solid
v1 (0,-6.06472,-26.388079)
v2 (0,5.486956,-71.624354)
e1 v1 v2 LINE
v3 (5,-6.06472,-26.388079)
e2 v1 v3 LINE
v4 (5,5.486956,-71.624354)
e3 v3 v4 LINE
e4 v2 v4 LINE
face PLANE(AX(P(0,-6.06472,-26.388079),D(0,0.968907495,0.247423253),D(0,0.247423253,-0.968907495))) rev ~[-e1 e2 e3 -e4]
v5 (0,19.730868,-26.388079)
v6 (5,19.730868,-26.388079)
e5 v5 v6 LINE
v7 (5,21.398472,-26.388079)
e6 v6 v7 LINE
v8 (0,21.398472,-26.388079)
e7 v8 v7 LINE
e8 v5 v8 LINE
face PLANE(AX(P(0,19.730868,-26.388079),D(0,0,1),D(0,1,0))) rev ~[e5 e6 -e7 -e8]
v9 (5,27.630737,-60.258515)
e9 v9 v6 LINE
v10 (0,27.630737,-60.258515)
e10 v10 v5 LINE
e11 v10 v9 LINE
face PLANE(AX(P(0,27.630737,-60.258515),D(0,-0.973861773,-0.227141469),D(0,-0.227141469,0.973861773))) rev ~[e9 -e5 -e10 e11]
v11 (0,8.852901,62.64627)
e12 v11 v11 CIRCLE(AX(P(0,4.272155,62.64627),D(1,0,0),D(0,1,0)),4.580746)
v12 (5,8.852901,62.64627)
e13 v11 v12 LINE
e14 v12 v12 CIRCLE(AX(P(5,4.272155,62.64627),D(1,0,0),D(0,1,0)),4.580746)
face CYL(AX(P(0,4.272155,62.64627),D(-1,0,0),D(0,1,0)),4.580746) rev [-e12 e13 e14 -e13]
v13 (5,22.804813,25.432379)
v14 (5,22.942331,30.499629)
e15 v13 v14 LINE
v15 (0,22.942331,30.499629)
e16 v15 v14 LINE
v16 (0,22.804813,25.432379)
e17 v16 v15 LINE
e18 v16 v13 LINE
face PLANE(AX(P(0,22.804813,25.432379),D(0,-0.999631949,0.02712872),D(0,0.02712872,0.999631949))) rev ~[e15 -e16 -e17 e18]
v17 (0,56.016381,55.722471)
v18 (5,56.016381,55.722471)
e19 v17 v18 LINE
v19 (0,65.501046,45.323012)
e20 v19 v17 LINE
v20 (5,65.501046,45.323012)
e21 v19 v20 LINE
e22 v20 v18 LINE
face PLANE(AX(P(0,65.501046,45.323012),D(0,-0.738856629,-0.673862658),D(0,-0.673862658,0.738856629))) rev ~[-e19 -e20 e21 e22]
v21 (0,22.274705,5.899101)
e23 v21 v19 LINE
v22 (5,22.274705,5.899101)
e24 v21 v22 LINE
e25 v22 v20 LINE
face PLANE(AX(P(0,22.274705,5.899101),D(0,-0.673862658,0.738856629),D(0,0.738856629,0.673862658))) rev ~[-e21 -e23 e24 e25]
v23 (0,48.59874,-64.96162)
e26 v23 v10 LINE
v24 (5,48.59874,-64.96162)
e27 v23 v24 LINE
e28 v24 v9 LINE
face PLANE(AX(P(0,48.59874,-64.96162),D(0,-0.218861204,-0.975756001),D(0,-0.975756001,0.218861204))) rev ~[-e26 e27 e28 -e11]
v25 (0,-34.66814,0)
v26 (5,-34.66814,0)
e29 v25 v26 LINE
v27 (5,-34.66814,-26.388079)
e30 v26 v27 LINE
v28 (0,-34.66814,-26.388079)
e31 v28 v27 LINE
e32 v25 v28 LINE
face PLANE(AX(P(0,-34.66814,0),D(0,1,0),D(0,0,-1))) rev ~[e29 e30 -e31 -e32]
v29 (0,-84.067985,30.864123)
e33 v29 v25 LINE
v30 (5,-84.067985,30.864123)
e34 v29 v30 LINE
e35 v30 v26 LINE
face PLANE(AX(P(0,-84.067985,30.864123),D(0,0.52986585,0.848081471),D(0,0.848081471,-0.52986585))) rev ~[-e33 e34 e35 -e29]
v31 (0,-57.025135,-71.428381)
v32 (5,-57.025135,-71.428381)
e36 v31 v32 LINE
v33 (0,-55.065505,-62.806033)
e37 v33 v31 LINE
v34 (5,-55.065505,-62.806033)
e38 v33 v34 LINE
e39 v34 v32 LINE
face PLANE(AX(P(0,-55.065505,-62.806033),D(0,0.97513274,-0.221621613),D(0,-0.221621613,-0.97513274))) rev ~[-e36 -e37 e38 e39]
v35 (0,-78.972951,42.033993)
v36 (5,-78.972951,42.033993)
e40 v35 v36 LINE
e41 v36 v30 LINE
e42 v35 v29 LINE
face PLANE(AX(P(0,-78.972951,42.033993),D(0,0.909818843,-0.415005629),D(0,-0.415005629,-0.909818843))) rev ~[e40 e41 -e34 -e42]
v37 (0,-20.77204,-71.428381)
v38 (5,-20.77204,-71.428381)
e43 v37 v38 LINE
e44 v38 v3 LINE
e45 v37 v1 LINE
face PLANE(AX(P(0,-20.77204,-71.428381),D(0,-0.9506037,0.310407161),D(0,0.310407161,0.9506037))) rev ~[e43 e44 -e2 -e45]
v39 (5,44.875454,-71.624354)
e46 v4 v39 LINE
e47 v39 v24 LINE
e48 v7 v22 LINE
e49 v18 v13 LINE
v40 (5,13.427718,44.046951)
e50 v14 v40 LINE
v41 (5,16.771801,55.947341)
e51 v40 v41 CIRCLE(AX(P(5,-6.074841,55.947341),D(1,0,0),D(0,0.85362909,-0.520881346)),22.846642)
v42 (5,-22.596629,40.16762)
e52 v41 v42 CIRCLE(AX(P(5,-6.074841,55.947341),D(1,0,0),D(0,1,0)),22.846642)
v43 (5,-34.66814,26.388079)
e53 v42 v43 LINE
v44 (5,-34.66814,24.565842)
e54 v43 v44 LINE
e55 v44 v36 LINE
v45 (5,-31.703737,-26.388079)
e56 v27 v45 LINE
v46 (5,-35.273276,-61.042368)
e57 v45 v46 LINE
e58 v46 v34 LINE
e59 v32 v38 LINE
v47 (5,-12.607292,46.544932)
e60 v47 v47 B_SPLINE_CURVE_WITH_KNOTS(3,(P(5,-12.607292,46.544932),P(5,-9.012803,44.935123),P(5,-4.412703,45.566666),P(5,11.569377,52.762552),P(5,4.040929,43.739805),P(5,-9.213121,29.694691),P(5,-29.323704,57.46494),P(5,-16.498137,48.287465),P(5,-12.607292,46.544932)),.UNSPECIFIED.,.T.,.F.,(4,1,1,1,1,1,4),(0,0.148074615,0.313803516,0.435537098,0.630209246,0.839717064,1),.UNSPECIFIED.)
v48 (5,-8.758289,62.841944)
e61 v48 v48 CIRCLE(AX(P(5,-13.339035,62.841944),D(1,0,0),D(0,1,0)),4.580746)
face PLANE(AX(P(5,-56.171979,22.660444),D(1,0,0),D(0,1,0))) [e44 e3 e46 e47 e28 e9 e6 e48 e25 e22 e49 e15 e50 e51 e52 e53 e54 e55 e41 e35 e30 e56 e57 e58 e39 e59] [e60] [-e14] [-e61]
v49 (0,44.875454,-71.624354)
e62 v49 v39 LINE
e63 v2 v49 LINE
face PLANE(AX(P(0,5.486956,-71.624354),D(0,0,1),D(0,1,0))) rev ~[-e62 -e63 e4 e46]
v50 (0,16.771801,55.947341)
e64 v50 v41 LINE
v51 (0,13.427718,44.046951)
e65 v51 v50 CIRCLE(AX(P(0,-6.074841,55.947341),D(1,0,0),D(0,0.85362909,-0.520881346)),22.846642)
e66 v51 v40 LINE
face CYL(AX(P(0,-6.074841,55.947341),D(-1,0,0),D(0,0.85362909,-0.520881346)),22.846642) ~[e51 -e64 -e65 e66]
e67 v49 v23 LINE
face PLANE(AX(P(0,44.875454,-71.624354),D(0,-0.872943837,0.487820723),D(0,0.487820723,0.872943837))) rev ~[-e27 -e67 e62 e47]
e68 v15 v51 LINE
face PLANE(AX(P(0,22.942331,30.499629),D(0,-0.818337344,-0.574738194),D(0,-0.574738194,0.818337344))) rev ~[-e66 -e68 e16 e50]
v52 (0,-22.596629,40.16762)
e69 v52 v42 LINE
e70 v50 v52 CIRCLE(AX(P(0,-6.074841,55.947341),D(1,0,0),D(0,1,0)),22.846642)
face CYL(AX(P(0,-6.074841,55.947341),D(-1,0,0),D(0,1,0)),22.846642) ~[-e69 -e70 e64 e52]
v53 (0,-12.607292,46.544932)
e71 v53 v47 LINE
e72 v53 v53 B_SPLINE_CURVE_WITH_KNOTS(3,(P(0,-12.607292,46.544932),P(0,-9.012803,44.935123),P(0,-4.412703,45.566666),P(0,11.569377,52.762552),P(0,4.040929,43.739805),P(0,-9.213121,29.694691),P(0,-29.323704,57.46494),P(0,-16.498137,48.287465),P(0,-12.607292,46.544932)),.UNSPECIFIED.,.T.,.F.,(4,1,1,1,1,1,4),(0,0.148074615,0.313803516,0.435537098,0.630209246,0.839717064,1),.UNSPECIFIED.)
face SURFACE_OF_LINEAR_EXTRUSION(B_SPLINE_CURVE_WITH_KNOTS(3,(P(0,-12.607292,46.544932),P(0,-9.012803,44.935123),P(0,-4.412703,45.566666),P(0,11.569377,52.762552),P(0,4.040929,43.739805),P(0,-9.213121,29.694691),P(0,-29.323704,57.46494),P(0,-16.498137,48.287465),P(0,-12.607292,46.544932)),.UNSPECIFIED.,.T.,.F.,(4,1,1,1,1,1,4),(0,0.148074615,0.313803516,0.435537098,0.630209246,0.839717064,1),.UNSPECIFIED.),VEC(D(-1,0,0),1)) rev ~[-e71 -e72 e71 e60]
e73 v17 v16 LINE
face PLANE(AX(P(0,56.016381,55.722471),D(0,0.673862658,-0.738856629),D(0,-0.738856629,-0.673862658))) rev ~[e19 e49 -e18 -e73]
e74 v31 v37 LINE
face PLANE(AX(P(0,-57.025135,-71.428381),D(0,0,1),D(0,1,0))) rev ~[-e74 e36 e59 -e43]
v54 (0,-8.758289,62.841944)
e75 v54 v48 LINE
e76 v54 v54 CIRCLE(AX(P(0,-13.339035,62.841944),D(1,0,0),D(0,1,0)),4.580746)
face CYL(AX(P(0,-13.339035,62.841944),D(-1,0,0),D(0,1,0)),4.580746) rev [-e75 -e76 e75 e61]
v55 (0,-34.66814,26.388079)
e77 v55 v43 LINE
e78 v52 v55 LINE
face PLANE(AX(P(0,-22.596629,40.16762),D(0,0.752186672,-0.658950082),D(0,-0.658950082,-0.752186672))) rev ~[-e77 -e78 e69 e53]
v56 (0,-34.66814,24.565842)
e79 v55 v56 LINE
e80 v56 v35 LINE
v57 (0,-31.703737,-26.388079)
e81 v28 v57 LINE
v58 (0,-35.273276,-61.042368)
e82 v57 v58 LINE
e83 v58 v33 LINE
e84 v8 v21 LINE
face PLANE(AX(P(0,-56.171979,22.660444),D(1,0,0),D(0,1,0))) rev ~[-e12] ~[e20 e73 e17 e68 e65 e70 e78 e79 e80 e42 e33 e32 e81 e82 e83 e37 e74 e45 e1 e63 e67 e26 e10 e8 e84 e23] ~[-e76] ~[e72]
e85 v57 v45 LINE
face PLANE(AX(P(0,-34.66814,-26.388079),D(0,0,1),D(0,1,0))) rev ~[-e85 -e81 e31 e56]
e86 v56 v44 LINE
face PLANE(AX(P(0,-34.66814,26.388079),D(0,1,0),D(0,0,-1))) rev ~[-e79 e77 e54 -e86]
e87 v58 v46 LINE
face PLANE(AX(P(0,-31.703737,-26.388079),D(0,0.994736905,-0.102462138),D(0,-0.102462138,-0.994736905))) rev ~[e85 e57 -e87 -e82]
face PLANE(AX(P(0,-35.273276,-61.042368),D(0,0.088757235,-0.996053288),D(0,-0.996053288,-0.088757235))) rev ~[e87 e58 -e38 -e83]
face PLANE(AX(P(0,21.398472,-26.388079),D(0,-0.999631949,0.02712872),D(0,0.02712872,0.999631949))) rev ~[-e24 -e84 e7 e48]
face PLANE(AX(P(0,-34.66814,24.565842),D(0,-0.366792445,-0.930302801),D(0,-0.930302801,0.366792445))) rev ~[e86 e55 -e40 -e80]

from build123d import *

# Parameters (mm, degrees)
F0_R     = 4.5807461666
F1_DEPTH = 5


with BuildPart() as f1:
    # F0 (on Right) → F1 (new body)
    with BuildSketch(Plane.YZ):
        Polygon((-34.6681401134, 0), (-34.6681401134, 24.5658417454), (-78.9729505777, 42.0339927077), (-84.0679854155, 30.864123255), align=None)
        with BuildLine():
            ThreePointArc((13.4277175006, 44.0469511481), (-3.6287113263, 33.2320263344), (-22.5966290731, 40.1676199935))
            Line((-22.5966290731, 40.1676199935), (-34.6681401134, 26.388078928))
            Line((-34.6681401134, 26.388078928), (-34.6681401134, 24.5658417454))
            Line((-34.6681401134, 24.5658417454), (-34.6681401134, 0))
            Line((-34.6681401134, 0), (-34.6681401134, -26.388078928))
            Line((-34.6681401134, -26.388078928), (-31.7037368685, -26.388078928))
            Line((-31.7037368685, -26.388078928), (-6.064720462, -26.388078928))
            Line((-6.064720462, -26.388078928), (19.730867818, -26.388078928))
            Line((19.730867818, -26.388078928), (21.398472267, -26.388078928))
            Line((21.398472267, -26.388078928), (22.27470465, 5.8991014957))
            Line((22.27470465, 5.8991014957), (22.8048125706, 25.4323787472))
            Line((22.8048125706, 25.4323787472), (22.9423311885, 30.4996286171))
            Line((22.9423311885, 30.4996286171), (13.4277175006, 44.0469511481))
        make_face()
        Polygon((56.0163809995, 55.7224714079), (22.8048125706, 25.4323787472), (22.27470465, 5.8991014957), (65.5010460578, 45.3230115535), align=None)
        Polygon((27.6307370514, -60.2585151792), (19.730867818, -26.388078928), (-6.064720462, -26.388078928), (5.4869563319, -71.624353528), (44.8754541576, -71.624353528), (48.5987402499, -64.9616196752), align=None)
        Polygon((-6.064720462, -26.388078928), (-31.7037368685, -26.388078928), (-35.2732762694, -61.042368412), (-55.0655052066, -62.806032598), (-57.0251345634, -71.4283809066), (-20.7720398903, -71.4283809066), align=None)
        with BuildLine():
            ThreePointArc((13.4277175006, 44.0469511481), (15.9198975215, 49.7666821609), (16.7718013439, 55.9473410249))
            ThreePointArc((16.7718013439, 55.9473410249), (-14.5748908513, 77.153901975), (-22.5966290731, 40.1676199935))
            ThreePointArc((-22.5966290731, 40.1676199935), (-3.6287113263, 33.2320263344), (13.4277175006, 44.0469511481))
        make_face()
        with Locations((-13.339035213, 62.8419443965)):
            Circle(F0_R, mode=Mode.SUBTRACT)
        with BuildLine():
            add(Edge.make_bspline(
                [(-12.6072922722, 46.544931829), (-9.0128031388, 44.9351226284), (-4.412702671, 45.5666658929), (11.5693769065, 52.762551564), (4.04092859, 43.7398052008), (-9.2131207397, 29.6946913752), (-29.3237043143, 57.4649397701), (-16.4981365756, 48.2874651141), (-12.6072922722, 46.544931829)],
                knots=[0, 0, 0, 0, 0.1480746148, 0.3138035161, 0.4355370979, 0.6302092462, 0.839717064, 1, 1, 1, 1], degree=3))
        make_face(mode=Mode.SUBTRACT)
        with Locations((4.272154998, 62.6462697983)):
            Circle(F0_R, mode=Mode.SUBTRACT)
    extrude(amount=F1_DEPTH)


solid = f1.part
